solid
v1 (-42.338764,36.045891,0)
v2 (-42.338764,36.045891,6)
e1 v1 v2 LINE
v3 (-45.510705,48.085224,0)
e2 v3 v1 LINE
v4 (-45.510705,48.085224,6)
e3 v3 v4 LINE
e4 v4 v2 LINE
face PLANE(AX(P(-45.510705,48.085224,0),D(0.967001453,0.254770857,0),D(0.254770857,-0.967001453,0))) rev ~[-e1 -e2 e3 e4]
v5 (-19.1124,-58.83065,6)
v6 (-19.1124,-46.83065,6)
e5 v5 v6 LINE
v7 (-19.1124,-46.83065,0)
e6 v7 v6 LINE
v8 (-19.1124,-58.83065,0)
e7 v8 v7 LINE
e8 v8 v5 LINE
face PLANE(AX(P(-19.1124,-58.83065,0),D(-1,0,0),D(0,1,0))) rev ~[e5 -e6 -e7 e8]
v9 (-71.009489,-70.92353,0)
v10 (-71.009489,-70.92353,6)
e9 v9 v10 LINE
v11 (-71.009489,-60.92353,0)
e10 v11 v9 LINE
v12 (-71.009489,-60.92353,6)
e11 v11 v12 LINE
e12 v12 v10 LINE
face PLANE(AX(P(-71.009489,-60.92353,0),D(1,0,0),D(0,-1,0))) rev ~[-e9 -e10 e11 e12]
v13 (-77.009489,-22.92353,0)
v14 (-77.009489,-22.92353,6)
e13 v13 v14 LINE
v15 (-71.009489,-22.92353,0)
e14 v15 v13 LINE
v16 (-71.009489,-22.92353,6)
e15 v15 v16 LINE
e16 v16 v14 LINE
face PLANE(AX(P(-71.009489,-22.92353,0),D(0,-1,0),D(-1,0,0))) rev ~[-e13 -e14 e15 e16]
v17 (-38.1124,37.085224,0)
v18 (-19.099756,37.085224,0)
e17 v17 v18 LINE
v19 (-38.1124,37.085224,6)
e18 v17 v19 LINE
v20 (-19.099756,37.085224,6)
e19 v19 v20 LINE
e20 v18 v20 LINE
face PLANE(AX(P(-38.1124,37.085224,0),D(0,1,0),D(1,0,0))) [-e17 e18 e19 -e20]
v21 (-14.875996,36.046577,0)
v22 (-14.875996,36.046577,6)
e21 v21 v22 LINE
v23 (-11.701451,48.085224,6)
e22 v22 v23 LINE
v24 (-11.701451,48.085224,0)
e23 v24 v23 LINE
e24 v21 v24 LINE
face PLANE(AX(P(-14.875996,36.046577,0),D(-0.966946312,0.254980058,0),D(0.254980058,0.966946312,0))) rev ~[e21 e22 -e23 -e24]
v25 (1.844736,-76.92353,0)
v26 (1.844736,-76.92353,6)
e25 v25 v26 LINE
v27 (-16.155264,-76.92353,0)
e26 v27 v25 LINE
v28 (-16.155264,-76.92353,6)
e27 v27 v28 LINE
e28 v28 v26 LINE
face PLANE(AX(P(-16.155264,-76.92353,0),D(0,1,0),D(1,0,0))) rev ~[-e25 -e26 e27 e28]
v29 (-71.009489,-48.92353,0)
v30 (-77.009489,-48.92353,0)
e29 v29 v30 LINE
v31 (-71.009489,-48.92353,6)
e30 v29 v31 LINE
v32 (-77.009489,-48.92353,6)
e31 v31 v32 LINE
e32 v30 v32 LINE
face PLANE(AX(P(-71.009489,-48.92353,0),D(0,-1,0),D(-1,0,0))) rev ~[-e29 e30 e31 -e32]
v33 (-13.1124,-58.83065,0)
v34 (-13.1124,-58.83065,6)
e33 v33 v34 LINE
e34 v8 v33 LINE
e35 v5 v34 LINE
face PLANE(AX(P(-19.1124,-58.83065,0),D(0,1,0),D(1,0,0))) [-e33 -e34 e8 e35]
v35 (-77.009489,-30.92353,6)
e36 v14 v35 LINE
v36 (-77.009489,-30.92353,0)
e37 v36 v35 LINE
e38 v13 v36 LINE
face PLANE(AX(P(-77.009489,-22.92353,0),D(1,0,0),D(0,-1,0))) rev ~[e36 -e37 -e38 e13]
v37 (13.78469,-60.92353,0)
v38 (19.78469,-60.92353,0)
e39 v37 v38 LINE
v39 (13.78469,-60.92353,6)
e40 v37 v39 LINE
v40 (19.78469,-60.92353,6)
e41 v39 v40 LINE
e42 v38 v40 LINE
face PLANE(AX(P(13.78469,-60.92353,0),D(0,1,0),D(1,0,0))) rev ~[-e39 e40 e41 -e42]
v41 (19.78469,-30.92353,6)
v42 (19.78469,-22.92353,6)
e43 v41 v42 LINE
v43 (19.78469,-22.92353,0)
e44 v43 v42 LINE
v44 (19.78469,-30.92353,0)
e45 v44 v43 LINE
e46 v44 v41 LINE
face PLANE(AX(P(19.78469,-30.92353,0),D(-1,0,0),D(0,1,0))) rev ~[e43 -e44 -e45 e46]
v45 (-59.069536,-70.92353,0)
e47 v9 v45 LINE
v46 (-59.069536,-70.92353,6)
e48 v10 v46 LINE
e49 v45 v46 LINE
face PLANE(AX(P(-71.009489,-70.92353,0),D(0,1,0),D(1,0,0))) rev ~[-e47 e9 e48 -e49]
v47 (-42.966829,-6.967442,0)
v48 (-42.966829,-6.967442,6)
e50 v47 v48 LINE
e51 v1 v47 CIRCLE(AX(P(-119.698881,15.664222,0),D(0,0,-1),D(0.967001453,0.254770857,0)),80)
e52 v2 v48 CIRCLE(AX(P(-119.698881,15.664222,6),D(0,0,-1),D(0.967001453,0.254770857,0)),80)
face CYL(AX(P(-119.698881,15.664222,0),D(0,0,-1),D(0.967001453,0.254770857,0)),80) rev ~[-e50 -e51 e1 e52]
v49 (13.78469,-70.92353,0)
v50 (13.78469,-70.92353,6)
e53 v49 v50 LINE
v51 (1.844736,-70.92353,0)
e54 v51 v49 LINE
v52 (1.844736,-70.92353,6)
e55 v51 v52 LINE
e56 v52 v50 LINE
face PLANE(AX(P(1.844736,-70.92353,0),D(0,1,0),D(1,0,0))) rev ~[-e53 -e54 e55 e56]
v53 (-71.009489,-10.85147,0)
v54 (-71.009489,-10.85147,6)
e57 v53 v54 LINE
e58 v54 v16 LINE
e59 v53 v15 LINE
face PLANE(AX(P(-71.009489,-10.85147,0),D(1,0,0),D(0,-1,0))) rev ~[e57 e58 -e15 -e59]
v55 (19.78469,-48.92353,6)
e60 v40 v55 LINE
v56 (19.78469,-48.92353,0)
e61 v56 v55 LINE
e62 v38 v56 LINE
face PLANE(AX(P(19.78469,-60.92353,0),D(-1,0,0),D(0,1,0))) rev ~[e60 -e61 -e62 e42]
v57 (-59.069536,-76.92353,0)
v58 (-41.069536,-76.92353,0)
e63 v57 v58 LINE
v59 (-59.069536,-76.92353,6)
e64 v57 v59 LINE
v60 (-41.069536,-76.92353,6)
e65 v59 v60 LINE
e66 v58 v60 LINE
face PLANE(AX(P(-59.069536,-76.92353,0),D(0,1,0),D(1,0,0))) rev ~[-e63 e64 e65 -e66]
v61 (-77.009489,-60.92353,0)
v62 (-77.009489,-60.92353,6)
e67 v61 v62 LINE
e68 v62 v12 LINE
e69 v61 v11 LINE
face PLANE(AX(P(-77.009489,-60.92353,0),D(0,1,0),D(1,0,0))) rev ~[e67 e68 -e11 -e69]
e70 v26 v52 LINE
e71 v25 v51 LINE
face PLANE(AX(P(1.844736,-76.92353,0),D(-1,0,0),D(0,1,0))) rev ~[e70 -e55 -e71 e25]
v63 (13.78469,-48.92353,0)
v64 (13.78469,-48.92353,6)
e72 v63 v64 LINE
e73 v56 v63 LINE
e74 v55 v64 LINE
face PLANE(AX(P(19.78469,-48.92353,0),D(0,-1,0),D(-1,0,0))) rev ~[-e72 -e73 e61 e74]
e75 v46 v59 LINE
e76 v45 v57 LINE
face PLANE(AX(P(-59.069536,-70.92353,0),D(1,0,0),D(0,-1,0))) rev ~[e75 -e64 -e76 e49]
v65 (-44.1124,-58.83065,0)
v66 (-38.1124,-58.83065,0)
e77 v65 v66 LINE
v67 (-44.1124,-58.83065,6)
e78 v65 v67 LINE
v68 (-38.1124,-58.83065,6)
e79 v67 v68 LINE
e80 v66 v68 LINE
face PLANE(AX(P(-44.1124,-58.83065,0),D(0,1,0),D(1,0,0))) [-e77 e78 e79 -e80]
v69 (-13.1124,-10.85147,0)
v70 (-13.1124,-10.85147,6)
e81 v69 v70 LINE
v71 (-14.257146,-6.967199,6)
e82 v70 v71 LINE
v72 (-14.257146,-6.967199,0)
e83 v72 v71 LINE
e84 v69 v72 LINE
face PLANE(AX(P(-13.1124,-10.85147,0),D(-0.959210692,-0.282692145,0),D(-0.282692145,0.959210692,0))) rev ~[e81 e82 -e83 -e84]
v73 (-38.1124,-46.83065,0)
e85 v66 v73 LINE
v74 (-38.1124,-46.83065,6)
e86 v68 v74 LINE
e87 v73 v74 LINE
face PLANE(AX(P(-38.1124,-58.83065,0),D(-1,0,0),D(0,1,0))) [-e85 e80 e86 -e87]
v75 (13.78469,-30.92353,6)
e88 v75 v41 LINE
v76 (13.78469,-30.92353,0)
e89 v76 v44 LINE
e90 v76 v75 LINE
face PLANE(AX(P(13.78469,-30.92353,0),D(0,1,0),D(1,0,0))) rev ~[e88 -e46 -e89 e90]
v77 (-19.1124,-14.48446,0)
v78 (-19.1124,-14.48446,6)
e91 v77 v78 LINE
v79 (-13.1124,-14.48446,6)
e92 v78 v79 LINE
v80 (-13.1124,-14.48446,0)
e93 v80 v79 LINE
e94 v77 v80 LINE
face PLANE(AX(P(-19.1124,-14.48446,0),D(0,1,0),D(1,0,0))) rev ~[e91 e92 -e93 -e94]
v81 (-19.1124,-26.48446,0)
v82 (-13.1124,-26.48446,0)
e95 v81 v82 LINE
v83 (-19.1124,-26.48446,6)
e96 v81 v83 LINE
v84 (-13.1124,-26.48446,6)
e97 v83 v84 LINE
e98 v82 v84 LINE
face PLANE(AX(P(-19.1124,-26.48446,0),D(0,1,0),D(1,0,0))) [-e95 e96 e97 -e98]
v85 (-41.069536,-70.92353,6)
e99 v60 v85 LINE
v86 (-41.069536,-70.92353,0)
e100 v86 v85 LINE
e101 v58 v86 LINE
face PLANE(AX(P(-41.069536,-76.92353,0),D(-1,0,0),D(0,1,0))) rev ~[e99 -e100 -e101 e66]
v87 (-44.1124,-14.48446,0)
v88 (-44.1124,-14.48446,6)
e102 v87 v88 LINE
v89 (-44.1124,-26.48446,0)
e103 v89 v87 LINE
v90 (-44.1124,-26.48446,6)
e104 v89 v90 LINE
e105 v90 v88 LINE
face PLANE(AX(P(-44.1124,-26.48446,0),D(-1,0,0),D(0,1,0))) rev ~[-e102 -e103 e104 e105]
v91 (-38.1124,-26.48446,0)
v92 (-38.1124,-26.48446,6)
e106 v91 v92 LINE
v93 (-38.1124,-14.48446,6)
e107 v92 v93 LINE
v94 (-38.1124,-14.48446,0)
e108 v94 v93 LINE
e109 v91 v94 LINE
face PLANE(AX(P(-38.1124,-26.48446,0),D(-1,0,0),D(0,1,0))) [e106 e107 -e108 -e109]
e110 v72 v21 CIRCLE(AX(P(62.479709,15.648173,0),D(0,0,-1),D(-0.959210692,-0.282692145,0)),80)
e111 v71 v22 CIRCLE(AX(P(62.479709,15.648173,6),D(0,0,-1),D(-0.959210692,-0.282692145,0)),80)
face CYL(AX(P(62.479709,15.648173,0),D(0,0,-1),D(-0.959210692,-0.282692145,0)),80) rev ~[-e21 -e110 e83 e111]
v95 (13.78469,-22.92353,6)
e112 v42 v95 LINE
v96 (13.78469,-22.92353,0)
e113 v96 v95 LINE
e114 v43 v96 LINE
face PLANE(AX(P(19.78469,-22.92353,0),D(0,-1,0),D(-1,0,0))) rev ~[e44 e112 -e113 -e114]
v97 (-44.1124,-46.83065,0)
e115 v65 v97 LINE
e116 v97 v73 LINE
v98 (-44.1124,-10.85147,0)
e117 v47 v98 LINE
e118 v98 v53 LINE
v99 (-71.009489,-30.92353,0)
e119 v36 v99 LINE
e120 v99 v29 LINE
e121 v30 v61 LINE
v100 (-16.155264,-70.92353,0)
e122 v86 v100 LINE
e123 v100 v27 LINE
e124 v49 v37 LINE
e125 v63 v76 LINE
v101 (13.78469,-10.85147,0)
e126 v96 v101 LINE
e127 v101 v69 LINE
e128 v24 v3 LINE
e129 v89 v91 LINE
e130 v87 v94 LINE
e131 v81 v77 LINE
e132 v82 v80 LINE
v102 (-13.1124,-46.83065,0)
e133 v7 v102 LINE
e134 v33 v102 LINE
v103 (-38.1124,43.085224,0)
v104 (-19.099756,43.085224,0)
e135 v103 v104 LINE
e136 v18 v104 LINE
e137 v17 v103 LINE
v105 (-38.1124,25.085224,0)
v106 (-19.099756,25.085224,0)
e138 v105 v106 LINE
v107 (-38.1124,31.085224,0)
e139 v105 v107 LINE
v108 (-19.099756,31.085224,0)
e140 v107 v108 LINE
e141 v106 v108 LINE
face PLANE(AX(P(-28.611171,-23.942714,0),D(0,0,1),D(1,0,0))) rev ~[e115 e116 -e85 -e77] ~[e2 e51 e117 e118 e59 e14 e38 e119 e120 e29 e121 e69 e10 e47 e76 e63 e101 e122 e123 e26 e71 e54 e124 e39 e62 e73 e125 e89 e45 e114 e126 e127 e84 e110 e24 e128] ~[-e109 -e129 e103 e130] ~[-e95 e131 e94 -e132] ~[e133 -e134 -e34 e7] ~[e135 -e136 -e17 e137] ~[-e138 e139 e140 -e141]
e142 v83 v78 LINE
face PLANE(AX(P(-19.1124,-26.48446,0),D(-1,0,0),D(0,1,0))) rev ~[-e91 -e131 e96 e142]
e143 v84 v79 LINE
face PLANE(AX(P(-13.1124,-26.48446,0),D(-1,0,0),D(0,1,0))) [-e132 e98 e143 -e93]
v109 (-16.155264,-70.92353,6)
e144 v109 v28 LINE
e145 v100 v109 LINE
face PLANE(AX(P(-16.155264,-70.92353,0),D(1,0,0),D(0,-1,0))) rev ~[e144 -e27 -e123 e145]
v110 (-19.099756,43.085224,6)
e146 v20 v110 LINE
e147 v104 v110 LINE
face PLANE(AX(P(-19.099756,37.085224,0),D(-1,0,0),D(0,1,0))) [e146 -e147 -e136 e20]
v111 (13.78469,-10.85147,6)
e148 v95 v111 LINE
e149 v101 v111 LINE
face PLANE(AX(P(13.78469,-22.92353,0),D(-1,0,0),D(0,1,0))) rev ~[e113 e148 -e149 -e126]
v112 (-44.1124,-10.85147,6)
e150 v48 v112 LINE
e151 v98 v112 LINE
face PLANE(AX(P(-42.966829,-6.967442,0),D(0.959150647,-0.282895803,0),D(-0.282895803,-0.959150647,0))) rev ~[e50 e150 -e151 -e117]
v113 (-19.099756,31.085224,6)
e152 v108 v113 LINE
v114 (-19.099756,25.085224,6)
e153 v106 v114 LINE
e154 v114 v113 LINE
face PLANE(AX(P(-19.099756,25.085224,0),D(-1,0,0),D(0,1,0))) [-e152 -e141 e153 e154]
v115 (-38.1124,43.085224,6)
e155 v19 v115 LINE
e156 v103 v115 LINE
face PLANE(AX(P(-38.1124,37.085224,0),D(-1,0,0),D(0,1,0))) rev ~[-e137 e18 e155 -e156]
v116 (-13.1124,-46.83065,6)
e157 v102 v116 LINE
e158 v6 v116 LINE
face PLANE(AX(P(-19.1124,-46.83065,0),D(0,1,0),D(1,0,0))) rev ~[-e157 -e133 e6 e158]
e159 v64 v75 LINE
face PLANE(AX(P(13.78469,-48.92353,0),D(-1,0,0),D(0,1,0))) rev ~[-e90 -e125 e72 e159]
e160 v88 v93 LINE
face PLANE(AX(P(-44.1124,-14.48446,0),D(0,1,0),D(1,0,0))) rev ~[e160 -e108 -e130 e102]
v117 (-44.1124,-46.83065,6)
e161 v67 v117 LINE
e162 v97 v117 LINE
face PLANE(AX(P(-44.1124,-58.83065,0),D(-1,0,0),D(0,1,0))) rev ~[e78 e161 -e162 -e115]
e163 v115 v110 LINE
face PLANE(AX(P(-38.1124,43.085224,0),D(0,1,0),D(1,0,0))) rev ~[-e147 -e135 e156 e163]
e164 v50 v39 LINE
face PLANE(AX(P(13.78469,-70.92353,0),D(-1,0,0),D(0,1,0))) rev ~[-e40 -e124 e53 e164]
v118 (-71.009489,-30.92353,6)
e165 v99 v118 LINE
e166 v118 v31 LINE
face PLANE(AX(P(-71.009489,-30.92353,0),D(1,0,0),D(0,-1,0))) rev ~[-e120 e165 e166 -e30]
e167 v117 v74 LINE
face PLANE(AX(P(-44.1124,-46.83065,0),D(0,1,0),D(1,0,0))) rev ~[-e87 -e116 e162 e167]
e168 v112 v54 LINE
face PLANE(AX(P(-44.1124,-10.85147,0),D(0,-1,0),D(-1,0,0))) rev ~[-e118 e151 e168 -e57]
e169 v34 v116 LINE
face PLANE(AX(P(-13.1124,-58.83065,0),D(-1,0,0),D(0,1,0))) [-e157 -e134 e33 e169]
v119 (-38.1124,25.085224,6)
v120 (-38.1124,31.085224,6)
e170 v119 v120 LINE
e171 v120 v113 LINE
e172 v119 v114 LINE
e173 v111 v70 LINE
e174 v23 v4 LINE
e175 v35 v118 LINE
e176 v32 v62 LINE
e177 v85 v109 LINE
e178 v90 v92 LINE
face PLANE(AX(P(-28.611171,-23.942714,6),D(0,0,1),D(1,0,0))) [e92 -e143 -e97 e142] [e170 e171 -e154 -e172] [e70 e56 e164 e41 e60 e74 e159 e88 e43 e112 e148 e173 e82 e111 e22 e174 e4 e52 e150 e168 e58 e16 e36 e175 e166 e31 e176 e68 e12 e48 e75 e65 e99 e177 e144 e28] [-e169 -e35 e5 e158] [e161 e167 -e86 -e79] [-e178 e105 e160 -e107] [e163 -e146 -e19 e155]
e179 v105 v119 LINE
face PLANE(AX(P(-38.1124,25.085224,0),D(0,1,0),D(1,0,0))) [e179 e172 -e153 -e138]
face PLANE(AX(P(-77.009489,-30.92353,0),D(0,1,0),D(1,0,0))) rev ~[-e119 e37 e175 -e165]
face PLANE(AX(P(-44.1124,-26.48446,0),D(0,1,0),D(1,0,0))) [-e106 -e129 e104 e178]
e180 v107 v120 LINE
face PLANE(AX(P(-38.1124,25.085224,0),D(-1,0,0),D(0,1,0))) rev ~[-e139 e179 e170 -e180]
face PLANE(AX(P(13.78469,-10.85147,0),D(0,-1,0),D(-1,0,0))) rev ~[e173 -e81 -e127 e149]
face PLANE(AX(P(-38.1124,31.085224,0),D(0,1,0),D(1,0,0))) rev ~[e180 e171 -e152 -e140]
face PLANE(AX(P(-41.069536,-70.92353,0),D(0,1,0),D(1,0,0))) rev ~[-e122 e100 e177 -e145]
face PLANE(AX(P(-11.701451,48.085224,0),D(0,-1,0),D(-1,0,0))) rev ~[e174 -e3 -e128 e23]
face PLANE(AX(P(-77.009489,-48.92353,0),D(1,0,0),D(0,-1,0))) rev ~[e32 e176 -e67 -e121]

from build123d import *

# Parameters (mm, degrees)
SKETCH1_W           = 6
SKETCH1_H           = 12
SKETCH1_W_2         = 19.012644139
SKETCH1_H_2         = 6
BOSS_EXTRUDE1_DEPTH = 6


with BuildPart() as part:
    # Sketch1 → Boss-Extrude1 (new body)
    with BuildSketch(Plane.XY):
        with BuildLine():
            Line((-71.009489367, -30.923530446), (-71.009489367, -48.923530446))
            Line((-71.009489367, -48.923530446), (-77.009489367, -48.923530446))
            Line((-77.009489367, -48.923530446), (-77.009489367, -60.923530446))
            Line((-77.009489367, -60.923530446), (-71.009489367, -60.923530446))
            Line((-71.009489367, -60.923530446), (-71.009489367, -70.923530446))
            Line((-71.009489367, -70.923530446), (-59.069535867, -70.923530446))
            Line((-59.069535867, -70.923530446), (-59.069535867, -76.923530446))
            Line((-59.069535867, -76.923530446), (-41.069535867, -76.923530446))
            Line((-41.069535867, -76.923530446), (-41.069535867, -70.923530446))
            Line((-41.069535867, -70.923530446), (-16.155263667, -70.923530446))
            Line((-16.155263667, -70.923530446), (-16.155263667, -76.923530446))
            Line((-16.155263667, -76.923530446), (1.844736333, -76.923530446))
            Line((1.844736333, -76.923530446), (1.844736333, -70.923530446))
            Line((1.844736333, -70.923530446), (13.784689833, -70.923530446))
            Line((13.784689833, -70.923530446), (13.784689833, -60.923530446))
            Line((13.784689833, -60.923530446), (19.784689833, -60.923530446))
            Line((19.784689833, -60.923530446), (19.784689833, -48.923530446))
            Line((19.784689833, -48.923530446), (13.784689833, -48.923530446))
            Line((13.784689833, -48.923530446), (13.784689833, -30.923530446))
            Line((13.784689833, -30.923530446), (19.784689833, -30.923530446))
            Line((19.784689833, -30.923530446), (19.784689833, -22.923530446))
            Line((19.784689833, -22.923530446), (13.784689833, -22.923530446))
            Line((13.784689833, -22.923530446), (13.784689833, -10.85146976))
            Line((13.784689833, -10.85146976), (-13.112399767, -10.85146976))
            Line((-13.112399767, -10.85146976), (-14.257146074, -6.967198767))
            ThreePointArc((-14.257146074, -6.967198767), (-17.512012302, 14.497312555), (-14.875995677, 36.046577434))
            Line((-14.875995677, 36.046577434), (-11.701450566, 48.085223564))
            Line((-11.701450566, 48.085223564), (-45.510704829, 48.085223564))
            Line((-45.510704829, 48.085223564), (-42.338764303, 36.045890917))
            ThreePointArc((-42.338764303, 36.045890917), (-39.707407485, 14.496217042), (-42.966828756, -6.967441914))
            Line((-42.966828756, -6.967441914), (-44.112399767, -10.85146976))
            Line((-44.112399767, -10.85146976), (-71.009489367, -10.85146976))
            Line((-71.009489367, -10.85146976), (-71.009489367, -22.923530446))
            Line((-71.009489367, -22.923530446), (-77.009489367, -22.923530446))
            Line((-77.009489367, -22.923530446), (-77.009489367, -30.923530446))
            Line((-77.009489367, -30.923530446), (-71.009489367, -30.923530446))
        make_face()
        with Locations((-41.112399767, -52.830649895)):
            Rectangle(SKETCH1_W, SKETCH1_H, mode=Mode.SUBTRACT)
        with Locations((-41.112399767, -20.484459594)):
            Rectangle(SKETCH1_W, SKETCH1_H, mode=Mode.SUBTRACT)
        with Locations((-16.112399767, -20.484459594)):
            Rectangle(SKETCH1_W, SKETCH1_H, mode=Mode.SUBTRACT)
        with Locations((-16.112399767, -52.830649895)):
            Rectangle(SKETCH1_W, SKETCH1_H, mode=Mode.SUBTRACT)
        with Locations((-28.606077697, 40.085223564)):
            Rectangle(SKETCH1_W_2, SKETCH1_H_2, mode=Mode.SUBTRACT)
        with Locations((-28.606077697, 28.085223564)):
            Rectangle(SKETCH1_W_2, SKETCH1_H_2, mode=Mode.SUBTRACT)
    extrude(amount=BOSS_EXTRUDE1_DEPTH)


solid = part.part
